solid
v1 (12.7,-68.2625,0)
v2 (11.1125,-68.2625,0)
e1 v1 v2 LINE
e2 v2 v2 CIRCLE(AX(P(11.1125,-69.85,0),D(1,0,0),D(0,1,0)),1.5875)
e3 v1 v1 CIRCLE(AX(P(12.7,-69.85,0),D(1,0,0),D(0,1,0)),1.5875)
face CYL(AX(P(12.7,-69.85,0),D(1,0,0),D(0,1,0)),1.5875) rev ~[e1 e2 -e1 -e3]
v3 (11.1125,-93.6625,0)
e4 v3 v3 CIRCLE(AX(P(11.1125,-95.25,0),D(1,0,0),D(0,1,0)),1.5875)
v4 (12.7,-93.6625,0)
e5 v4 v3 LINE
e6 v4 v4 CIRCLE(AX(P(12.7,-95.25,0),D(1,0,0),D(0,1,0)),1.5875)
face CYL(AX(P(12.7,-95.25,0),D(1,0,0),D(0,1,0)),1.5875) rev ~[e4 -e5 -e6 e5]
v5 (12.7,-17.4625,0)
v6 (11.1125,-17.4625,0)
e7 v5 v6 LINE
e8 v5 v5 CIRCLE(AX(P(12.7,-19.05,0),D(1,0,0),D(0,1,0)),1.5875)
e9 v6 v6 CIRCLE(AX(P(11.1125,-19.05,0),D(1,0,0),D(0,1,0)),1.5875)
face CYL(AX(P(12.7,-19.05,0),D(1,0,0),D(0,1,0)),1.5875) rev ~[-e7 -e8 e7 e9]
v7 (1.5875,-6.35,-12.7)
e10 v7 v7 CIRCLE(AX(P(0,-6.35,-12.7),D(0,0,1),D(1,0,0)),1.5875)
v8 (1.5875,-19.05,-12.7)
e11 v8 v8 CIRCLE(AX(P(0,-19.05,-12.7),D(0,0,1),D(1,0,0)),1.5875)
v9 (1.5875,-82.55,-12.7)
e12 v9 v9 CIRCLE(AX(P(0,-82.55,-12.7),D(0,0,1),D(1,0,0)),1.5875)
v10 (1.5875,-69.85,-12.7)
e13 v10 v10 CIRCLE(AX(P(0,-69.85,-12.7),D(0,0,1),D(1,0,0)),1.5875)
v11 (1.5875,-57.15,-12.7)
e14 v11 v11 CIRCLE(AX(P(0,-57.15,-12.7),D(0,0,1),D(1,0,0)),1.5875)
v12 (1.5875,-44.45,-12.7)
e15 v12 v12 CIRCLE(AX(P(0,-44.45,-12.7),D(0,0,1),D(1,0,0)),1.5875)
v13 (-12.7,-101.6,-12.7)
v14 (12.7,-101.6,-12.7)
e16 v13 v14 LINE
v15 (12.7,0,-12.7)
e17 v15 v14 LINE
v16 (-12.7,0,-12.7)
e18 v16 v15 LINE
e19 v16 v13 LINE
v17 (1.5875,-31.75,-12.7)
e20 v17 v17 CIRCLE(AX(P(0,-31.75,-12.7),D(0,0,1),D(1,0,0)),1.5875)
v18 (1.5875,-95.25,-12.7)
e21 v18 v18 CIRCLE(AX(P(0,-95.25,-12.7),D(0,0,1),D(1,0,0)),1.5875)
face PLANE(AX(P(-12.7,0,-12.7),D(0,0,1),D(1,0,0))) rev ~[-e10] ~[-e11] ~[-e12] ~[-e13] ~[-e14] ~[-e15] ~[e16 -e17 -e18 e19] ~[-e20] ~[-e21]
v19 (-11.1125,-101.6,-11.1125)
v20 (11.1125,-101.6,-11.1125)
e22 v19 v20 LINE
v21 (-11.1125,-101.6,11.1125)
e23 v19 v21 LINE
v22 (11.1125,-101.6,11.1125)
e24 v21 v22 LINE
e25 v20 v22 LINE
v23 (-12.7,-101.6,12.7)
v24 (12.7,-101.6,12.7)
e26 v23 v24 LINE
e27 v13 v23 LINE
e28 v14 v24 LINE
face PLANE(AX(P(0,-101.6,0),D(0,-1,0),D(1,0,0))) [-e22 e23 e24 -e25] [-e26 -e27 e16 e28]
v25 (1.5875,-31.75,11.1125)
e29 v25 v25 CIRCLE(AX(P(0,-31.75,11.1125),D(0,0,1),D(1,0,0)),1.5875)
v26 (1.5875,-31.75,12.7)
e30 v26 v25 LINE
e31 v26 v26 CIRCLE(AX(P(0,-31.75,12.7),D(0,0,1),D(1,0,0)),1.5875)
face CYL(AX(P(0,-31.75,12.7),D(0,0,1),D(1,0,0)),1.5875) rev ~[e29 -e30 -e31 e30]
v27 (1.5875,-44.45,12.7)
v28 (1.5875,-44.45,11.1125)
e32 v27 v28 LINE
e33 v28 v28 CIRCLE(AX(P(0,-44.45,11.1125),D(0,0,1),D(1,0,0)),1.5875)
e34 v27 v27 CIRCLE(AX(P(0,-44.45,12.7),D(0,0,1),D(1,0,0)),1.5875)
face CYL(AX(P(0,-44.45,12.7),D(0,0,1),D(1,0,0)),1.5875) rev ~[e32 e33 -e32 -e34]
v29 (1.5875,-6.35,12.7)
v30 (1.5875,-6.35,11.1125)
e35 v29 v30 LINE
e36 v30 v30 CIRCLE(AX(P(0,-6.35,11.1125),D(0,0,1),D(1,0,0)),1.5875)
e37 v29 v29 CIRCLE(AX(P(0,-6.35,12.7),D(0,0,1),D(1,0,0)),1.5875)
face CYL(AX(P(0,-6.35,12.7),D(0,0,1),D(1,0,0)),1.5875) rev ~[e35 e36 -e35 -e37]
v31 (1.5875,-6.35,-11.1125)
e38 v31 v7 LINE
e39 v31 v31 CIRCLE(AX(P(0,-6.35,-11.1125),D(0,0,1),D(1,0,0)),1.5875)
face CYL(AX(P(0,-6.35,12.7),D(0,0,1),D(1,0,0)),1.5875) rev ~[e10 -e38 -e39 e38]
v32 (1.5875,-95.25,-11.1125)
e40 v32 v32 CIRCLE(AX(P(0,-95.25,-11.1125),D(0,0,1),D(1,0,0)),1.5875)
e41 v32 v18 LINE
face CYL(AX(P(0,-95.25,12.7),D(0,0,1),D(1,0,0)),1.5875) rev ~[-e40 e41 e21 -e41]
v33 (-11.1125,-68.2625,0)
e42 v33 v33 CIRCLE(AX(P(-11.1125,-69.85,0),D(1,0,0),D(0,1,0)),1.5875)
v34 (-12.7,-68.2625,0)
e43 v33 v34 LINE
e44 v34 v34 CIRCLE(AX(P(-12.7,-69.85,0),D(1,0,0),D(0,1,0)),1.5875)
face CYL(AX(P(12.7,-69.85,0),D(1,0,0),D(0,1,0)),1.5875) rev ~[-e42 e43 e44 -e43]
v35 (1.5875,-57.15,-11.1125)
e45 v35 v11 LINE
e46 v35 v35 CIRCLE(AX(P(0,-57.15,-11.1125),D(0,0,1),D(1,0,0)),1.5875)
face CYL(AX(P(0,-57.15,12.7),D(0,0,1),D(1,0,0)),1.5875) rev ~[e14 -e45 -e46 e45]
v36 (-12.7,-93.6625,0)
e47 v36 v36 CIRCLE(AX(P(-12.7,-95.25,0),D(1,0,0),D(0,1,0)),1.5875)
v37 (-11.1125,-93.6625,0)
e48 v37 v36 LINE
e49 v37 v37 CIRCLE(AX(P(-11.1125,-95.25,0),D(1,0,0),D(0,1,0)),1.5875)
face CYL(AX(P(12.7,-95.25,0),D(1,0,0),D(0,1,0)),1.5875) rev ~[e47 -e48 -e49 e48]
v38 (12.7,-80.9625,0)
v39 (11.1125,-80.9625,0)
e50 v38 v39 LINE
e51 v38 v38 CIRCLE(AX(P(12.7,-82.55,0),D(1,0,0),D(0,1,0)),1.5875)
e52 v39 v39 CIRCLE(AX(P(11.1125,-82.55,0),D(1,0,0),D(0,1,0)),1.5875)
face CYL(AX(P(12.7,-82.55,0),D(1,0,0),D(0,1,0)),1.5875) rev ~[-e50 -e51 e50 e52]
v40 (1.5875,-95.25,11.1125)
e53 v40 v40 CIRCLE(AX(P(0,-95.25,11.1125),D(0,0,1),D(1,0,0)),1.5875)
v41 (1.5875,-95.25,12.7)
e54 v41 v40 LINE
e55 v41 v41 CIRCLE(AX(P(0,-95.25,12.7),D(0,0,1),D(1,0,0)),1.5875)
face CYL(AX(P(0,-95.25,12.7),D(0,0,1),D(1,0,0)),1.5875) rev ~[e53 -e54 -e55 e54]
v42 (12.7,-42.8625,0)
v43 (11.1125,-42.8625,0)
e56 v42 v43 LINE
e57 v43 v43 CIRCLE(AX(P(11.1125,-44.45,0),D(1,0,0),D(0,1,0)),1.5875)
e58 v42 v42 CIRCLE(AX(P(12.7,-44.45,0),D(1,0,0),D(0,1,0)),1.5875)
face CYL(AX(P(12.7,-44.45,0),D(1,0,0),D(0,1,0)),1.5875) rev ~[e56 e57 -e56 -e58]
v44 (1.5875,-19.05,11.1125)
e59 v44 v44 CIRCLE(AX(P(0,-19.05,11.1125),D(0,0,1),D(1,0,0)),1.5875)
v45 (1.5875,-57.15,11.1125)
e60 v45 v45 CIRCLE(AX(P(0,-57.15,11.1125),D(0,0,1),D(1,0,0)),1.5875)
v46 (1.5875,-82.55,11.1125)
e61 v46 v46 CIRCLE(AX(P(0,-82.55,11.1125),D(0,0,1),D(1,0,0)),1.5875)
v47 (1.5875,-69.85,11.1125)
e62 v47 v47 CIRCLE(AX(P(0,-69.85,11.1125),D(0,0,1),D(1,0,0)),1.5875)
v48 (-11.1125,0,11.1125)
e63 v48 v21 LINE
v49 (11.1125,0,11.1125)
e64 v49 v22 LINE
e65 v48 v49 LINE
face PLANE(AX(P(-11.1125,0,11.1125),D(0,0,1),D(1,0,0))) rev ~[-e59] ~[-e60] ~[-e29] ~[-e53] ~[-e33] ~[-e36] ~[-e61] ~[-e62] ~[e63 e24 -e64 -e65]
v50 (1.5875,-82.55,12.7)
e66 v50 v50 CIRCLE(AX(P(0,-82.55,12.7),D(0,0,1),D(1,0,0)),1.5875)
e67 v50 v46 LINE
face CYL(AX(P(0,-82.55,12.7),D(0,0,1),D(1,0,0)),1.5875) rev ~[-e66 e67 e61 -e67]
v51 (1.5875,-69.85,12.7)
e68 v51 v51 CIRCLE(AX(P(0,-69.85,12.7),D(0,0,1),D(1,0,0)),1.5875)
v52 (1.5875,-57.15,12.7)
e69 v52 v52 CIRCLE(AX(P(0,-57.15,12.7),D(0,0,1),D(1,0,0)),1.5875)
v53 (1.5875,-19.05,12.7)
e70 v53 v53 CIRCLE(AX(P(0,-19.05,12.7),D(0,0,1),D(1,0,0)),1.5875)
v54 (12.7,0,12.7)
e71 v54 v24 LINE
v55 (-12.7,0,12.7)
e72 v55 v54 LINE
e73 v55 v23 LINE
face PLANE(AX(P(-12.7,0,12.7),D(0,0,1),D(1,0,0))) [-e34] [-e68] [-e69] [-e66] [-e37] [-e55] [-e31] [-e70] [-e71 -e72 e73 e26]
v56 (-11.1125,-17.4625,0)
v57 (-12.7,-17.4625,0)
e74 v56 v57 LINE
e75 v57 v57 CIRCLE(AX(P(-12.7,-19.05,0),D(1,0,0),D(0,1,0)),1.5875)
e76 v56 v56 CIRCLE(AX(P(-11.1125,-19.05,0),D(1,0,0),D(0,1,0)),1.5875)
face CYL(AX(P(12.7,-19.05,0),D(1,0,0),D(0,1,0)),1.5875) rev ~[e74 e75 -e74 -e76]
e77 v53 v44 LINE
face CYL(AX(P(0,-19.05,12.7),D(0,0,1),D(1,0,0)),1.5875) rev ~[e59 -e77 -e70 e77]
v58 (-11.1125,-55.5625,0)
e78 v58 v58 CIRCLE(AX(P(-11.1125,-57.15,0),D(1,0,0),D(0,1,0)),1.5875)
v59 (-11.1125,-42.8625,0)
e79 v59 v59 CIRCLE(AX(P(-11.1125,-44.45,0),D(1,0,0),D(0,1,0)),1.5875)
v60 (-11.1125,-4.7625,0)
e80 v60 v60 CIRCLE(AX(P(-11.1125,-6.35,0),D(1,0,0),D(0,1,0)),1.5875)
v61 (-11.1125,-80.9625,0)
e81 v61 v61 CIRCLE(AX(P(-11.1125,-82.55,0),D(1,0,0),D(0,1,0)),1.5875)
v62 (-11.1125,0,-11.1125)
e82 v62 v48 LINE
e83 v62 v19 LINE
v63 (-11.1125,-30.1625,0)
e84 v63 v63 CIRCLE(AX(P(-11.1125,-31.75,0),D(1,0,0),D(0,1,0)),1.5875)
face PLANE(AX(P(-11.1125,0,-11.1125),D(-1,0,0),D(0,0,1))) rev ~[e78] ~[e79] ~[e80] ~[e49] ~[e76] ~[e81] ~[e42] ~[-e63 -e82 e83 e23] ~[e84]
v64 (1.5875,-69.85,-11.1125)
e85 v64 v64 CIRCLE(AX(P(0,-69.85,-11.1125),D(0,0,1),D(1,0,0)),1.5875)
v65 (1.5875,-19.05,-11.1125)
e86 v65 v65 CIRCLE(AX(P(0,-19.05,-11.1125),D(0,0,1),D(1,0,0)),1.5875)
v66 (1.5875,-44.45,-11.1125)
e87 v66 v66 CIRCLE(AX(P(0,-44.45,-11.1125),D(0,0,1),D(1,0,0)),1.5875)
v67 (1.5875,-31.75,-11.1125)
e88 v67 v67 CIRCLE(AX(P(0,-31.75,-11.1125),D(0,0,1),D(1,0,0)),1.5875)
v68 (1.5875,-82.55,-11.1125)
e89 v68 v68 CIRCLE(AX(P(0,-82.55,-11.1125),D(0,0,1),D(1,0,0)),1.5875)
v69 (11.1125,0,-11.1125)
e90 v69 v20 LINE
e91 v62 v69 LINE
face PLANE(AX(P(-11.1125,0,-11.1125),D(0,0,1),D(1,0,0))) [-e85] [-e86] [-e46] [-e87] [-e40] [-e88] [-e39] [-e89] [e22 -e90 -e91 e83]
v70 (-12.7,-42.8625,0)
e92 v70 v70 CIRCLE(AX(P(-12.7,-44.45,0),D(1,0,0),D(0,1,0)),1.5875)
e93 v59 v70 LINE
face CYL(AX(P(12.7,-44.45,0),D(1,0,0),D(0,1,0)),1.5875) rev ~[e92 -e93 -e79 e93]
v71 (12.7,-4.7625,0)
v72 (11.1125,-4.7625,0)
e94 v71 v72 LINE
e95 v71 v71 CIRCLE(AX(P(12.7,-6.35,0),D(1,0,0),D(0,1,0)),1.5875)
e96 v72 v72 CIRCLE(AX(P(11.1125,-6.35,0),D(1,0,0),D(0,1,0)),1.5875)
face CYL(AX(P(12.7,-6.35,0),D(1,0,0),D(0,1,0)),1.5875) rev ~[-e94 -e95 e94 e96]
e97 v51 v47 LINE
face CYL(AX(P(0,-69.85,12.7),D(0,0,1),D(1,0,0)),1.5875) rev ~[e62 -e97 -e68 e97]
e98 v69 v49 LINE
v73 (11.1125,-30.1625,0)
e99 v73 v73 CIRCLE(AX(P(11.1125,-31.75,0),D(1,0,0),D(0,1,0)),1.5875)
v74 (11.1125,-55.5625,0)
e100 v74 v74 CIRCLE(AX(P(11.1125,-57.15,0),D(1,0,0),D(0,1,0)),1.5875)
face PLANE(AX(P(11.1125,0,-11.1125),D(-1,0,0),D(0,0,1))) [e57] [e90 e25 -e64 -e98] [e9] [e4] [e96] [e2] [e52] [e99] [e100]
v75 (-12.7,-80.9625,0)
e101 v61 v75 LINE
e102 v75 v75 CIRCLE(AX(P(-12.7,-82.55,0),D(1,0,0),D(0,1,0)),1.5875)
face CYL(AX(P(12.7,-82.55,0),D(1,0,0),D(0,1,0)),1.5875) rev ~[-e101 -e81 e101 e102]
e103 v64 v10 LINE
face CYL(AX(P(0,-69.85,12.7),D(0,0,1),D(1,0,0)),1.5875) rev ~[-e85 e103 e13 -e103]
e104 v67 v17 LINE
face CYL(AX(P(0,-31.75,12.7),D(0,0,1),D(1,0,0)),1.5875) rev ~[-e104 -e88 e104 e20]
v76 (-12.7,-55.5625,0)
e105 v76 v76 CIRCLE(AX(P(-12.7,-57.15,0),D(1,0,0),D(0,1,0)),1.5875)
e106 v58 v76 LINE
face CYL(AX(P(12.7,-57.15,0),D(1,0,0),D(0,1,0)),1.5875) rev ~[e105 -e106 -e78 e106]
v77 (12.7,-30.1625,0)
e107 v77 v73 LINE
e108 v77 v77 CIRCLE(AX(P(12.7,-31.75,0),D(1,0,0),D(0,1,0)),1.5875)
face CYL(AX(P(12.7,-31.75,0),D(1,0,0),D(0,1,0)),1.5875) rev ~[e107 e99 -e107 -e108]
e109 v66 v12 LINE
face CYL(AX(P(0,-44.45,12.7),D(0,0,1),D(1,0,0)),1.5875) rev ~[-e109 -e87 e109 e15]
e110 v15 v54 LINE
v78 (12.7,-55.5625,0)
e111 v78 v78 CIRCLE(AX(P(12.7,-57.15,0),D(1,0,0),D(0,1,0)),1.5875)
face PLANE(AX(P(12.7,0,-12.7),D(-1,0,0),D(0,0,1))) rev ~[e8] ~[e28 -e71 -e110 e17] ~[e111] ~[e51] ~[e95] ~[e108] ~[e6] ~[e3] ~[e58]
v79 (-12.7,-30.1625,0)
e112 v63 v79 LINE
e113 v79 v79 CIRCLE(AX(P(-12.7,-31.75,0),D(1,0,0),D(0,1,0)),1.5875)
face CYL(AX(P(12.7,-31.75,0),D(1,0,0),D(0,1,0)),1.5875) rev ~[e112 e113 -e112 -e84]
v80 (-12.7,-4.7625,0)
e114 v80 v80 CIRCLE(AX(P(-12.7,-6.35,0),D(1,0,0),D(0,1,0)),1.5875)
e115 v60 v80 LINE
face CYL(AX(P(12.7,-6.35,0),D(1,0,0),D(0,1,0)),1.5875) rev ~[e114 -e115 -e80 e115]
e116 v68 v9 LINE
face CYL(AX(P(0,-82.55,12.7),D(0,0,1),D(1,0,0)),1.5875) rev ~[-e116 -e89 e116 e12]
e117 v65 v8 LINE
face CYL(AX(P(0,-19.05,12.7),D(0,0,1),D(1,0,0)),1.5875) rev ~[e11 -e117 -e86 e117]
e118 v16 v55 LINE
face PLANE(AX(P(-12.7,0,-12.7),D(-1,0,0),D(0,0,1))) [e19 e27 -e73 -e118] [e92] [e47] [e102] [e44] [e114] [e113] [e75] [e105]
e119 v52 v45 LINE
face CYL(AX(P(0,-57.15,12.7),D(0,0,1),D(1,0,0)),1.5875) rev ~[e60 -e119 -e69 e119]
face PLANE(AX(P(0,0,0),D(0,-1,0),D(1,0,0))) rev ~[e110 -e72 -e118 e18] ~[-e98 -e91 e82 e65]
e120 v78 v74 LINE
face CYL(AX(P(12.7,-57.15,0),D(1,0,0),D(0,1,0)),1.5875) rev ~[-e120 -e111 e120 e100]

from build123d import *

# Parameters (mm, degrees)
F0_W     = 25.4
F0_H     = 25.4
F0_W_2   = 22.225
F0_H_2   = 22.225
F1_DEPTH = 101.6
F2_R     = 1.5875
F3_DEPTH = 25.4
F4_R     = 1.5875
F5_DEPTH = 25.4


with BuildPart() as f1:
    # F0 (on Front) → F1 (new body)
    with BuildSketch(Plane.XZ):
        Rectangle(F0_W, F0_H)
        Rectangle(F0_W_2, F0_H_2, mode=Mode.SUBTRACT)
    extrude(amount=F1_DEPTH)

    # F2 (on face) → F3 (cut)
    with BuildSketch(Plane.XY.offset(12.7)):
        with Locations((0, -6.35)):
            Circle(F2_R)
        with Locations((0, -19.05)):
            Circle(F2_R)
        with Locations((0, -31.75)):
            Circle(F2_R)
        with Locations((0, -44.45)):
            Circle(F2_R)
        with Locations((0, -57.15)):
            Circle(F2_R)
        with Locations((0, -69.85)):
            Circle(F2_R)
        with Locations((0, -82.55)):
            Circle(F2_R)
        with Locations((0, -95.25)):
            Circle(F2_R)
    extrude(amount=-F3_DEPTH, mode=Mode.SUBTRACT)

    # F4 (on face) → F5 (cut)
    with BuildSketch(Plane.YZ.offset(12.7)):
        with Locations((-6.35, 0)):
            Circle(F4_R)
        with Locations((-19.05, 0)):
            Circle(F4_R)
        with Locations((-31.75, 0)):
            Circle(F4_R)
        with Locations((-44.45, 0)):
            Circle(F4_R)
        with Locations((-57.15, 0)):
            Circle(F4_R)
        with Locations((-69.85, 0)):
            Circle(F4_R)
        with Locations((-82.55, 0)):
            Circle(F4_R)
        with Locations((-95.25, 0)):
            Circle(F4_R)
    extrude(amount=-F5_DEPTH, mode=Mode.SUBTRACT)


solid = f1.part
